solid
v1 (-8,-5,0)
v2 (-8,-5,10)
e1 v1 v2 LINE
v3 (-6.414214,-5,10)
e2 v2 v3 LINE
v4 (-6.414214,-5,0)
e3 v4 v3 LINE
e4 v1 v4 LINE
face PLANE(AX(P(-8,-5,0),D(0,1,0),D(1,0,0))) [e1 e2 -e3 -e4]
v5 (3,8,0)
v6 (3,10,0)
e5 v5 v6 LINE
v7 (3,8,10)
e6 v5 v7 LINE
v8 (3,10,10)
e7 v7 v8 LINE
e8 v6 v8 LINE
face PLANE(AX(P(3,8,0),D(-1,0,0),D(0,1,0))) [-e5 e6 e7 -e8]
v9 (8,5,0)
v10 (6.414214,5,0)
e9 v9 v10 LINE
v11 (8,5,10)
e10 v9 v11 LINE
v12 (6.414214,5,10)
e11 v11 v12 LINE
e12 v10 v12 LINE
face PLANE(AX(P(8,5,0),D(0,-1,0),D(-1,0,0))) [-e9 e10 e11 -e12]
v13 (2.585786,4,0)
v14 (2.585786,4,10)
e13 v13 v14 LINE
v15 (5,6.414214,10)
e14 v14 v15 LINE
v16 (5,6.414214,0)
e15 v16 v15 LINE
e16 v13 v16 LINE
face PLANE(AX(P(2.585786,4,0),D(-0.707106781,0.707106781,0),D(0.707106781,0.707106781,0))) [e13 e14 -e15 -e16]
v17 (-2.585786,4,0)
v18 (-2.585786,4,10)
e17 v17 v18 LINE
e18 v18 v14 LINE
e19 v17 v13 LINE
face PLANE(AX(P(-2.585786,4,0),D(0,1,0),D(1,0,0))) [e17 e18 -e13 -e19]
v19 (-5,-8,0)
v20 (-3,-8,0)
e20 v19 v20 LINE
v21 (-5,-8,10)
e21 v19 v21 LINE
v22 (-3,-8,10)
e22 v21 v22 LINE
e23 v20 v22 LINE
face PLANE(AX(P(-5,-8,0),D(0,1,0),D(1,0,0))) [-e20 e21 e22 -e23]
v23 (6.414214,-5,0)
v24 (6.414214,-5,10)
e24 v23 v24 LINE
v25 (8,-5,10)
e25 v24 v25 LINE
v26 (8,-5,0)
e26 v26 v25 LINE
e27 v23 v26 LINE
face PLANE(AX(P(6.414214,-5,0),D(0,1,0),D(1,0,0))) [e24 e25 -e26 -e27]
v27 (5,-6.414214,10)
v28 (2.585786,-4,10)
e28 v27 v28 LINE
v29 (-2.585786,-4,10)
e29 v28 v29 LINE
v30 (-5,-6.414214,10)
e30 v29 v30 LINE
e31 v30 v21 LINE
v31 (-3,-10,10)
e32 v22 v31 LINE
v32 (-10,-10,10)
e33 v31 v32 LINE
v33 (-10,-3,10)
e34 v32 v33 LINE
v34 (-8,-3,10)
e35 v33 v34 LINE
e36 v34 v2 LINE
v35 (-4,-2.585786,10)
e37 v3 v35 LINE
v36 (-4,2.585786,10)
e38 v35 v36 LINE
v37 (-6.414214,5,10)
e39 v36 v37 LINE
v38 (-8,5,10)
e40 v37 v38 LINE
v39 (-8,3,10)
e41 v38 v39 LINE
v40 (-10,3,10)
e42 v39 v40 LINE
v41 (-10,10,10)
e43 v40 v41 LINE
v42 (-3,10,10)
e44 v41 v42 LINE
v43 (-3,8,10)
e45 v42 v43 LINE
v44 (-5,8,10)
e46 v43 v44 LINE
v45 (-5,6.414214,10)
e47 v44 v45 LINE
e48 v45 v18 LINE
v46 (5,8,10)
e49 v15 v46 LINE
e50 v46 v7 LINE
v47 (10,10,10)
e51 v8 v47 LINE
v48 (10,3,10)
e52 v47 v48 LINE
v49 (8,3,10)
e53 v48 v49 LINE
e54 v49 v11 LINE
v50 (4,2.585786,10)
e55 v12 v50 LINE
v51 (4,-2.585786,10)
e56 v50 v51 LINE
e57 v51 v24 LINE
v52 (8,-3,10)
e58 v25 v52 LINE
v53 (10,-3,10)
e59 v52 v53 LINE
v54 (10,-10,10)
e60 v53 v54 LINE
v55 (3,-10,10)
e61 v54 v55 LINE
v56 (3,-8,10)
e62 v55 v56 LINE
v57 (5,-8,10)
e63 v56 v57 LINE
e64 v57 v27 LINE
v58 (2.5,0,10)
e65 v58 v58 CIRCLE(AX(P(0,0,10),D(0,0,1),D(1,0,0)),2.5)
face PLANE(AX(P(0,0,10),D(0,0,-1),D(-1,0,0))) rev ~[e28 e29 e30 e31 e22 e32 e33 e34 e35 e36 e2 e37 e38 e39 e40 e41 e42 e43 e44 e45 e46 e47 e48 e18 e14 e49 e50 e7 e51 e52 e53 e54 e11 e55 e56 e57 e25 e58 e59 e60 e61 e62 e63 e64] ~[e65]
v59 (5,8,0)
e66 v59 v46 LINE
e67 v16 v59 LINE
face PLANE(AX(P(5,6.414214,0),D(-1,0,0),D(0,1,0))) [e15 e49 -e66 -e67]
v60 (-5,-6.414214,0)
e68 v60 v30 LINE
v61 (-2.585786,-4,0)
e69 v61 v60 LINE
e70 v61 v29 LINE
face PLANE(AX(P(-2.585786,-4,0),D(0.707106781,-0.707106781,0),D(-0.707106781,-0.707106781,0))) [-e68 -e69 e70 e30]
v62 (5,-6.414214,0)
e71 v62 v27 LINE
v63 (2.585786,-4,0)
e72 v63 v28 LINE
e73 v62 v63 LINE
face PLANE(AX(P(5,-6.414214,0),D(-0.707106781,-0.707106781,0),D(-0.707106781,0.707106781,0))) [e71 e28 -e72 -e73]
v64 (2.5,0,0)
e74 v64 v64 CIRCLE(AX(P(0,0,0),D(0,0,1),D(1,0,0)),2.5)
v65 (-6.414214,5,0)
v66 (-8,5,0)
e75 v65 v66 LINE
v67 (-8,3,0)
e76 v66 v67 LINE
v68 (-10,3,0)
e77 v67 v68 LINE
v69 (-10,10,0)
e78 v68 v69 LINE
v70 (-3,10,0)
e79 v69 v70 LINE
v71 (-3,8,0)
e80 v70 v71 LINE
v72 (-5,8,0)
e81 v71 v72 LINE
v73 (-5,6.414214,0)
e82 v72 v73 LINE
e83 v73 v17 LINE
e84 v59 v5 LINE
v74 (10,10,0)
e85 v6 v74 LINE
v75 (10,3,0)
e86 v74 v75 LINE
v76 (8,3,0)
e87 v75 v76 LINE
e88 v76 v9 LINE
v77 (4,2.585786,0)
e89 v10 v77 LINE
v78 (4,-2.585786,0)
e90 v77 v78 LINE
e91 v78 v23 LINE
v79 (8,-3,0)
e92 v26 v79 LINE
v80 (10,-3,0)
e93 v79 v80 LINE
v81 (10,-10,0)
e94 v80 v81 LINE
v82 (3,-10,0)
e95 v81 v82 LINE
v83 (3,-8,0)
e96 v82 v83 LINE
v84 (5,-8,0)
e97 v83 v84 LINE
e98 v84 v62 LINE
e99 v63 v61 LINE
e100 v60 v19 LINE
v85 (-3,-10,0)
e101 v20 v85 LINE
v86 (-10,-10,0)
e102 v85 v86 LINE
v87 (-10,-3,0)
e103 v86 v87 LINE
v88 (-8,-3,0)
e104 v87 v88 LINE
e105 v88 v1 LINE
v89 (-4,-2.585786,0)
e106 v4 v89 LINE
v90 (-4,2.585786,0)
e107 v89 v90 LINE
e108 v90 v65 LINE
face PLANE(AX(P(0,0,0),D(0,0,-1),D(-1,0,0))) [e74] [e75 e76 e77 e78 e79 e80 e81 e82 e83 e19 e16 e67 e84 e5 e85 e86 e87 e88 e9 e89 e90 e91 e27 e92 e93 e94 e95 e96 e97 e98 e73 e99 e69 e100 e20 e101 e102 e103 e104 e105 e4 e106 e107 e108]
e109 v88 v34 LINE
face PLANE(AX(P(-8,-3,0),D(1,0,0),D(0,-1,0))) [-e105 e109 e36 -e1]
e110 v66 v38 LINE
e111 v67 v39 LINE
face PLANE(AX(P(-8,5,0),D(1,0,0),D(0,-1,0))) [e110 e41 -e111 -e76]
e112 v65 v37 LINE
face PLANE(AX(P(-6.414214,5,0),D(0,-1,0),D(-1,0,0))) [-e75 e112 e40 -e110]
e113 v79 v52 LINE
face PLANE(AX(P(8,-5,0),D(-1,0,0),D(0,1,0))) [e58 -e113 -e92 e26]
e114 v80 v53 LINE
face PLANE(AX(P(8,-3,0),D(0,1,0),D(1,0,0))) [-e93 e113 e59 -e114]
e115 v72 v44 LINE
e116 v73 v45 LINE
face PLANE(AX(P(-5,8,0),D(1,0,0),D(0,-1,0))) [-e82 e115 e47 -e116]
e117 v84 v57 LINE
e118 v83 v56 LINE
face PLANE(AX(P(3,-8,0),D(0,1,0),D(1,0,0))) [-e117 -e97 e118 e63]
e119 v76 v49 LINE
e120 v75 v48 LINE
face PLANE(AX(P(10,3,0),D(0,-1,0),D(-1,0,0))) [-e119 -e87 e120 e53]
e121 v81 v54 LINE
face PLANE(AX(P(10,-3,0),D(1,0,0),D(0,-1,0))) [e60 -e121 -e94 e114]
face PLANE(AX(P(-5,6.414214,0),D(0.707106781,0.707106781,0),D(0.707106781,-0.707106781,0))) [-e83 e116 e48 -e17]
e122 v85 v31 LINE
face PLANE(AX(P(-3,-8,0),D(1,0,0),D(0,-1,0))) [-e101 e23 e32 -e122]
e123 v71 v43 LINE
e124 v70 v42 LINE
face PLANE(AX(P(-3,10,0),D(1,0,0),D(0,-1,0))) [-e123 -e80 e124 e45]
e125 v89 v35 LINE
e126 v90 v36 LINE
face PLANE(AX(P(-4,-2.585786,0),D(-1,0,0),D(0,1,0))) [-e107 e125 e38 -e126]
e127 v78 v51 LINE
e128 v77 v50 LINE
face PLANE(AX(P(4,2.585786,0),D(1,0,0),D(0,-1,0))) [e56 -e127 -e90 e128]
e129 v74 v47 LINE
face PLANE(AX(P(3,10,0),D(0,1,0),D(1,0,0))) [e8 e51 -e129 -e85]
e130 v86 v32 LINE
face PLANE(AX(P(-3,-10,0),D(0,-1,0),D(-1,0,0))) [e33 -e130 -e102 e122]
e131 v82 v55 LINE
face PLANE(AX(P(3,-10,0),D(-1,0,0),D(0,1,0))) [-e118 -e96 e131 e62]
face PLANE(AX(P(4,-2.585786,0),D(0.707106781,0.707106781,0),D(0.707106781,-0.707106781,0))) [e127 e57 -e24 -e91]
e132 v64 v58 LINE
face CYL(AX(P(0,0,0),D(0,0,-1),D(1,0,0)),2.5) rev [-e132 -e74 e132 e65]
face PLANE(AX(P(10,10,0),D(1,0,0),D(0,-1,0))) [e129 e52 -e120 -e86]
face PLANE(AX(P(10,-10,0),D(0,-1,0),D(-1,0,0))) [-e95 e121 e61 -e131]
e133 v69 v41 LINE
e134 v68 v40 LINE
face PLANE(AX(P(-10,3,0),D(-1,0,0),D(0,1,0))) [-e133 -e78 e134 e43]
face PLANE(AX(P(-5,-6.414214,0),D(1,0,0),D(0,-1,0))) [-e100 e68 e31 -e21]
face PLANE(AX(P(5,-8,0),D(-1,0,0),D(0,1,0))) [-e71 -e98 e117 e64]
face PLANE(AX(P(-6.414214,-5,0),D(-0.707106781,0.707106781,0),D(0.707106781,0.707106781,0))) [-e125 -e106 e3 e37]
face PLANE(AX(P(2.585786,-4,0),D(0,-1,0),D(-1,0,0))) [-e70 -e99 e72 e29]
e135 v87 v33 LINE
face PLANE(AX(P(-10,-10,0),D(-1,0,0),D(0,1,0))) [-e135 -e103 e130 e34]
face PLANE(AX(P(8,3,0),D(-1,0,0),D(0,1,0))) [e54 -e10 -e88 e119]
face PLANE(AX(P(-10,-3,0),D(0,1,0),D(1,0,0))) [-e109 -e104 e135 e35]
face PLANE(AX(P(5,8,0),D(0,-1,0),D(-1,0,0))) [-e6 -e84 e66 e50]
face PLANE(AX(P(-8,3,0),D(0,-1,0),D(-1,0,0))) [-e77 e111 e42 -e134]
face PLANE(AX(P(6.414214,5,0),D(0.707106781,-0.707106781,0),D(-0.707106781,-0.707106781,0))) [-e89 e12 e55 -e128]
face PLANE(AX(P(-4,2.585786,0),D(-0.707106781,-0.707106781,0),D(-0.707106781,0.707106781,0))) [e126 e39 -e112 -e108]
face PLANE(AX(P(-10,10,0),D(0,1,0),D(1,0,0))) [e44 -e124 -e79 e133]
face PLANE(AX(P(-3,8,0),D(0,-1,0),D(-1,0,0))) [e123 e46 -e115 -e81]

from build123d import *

# Parameters (mm, degrees)
SKETCH_R  = 2.5
PAD_DEPTH = 10


with BuildPart() as part:
    # Sketch → Pad (new body)
    with BuildSketch(Plane.XY):
        Polygon((3, -10), (3, -8), (5, -8), (5, -6.414214), (2.585786, -4), (-2.585786, -4), (-5, -6.414214), (-5, -8), (-3, -8), (-3, -10), (-10, -10), (-10, -3), (-8, -3), (-8, -5), (-6.414214, -5), (-4, -2.585786), (-4, 2.585786), (-6.414214, 5), (-8, 5), (-8, 3), (-10, 3), (-10, 10), (-3, 10), (-3, 8), (-5, 8), (-5, 6.414214), (-2.585786, 4), (2.585786, 4), (5, 6.414214), (5, 8), (3, 8), (3, 10), (10, 10), (10, 3), (8, 3), (8, 5), (6.414214, 5), (4, 2.585786), (4, -2.585786), (6.414214, -5), (8, -5), (8, -3), (10, -3), (10, -10), align=None)
        Circle(SKETCH_R, mode=Mode.SUBTRACT)
    extrude(amount=PAD_DEPTH)


solid = part.part
